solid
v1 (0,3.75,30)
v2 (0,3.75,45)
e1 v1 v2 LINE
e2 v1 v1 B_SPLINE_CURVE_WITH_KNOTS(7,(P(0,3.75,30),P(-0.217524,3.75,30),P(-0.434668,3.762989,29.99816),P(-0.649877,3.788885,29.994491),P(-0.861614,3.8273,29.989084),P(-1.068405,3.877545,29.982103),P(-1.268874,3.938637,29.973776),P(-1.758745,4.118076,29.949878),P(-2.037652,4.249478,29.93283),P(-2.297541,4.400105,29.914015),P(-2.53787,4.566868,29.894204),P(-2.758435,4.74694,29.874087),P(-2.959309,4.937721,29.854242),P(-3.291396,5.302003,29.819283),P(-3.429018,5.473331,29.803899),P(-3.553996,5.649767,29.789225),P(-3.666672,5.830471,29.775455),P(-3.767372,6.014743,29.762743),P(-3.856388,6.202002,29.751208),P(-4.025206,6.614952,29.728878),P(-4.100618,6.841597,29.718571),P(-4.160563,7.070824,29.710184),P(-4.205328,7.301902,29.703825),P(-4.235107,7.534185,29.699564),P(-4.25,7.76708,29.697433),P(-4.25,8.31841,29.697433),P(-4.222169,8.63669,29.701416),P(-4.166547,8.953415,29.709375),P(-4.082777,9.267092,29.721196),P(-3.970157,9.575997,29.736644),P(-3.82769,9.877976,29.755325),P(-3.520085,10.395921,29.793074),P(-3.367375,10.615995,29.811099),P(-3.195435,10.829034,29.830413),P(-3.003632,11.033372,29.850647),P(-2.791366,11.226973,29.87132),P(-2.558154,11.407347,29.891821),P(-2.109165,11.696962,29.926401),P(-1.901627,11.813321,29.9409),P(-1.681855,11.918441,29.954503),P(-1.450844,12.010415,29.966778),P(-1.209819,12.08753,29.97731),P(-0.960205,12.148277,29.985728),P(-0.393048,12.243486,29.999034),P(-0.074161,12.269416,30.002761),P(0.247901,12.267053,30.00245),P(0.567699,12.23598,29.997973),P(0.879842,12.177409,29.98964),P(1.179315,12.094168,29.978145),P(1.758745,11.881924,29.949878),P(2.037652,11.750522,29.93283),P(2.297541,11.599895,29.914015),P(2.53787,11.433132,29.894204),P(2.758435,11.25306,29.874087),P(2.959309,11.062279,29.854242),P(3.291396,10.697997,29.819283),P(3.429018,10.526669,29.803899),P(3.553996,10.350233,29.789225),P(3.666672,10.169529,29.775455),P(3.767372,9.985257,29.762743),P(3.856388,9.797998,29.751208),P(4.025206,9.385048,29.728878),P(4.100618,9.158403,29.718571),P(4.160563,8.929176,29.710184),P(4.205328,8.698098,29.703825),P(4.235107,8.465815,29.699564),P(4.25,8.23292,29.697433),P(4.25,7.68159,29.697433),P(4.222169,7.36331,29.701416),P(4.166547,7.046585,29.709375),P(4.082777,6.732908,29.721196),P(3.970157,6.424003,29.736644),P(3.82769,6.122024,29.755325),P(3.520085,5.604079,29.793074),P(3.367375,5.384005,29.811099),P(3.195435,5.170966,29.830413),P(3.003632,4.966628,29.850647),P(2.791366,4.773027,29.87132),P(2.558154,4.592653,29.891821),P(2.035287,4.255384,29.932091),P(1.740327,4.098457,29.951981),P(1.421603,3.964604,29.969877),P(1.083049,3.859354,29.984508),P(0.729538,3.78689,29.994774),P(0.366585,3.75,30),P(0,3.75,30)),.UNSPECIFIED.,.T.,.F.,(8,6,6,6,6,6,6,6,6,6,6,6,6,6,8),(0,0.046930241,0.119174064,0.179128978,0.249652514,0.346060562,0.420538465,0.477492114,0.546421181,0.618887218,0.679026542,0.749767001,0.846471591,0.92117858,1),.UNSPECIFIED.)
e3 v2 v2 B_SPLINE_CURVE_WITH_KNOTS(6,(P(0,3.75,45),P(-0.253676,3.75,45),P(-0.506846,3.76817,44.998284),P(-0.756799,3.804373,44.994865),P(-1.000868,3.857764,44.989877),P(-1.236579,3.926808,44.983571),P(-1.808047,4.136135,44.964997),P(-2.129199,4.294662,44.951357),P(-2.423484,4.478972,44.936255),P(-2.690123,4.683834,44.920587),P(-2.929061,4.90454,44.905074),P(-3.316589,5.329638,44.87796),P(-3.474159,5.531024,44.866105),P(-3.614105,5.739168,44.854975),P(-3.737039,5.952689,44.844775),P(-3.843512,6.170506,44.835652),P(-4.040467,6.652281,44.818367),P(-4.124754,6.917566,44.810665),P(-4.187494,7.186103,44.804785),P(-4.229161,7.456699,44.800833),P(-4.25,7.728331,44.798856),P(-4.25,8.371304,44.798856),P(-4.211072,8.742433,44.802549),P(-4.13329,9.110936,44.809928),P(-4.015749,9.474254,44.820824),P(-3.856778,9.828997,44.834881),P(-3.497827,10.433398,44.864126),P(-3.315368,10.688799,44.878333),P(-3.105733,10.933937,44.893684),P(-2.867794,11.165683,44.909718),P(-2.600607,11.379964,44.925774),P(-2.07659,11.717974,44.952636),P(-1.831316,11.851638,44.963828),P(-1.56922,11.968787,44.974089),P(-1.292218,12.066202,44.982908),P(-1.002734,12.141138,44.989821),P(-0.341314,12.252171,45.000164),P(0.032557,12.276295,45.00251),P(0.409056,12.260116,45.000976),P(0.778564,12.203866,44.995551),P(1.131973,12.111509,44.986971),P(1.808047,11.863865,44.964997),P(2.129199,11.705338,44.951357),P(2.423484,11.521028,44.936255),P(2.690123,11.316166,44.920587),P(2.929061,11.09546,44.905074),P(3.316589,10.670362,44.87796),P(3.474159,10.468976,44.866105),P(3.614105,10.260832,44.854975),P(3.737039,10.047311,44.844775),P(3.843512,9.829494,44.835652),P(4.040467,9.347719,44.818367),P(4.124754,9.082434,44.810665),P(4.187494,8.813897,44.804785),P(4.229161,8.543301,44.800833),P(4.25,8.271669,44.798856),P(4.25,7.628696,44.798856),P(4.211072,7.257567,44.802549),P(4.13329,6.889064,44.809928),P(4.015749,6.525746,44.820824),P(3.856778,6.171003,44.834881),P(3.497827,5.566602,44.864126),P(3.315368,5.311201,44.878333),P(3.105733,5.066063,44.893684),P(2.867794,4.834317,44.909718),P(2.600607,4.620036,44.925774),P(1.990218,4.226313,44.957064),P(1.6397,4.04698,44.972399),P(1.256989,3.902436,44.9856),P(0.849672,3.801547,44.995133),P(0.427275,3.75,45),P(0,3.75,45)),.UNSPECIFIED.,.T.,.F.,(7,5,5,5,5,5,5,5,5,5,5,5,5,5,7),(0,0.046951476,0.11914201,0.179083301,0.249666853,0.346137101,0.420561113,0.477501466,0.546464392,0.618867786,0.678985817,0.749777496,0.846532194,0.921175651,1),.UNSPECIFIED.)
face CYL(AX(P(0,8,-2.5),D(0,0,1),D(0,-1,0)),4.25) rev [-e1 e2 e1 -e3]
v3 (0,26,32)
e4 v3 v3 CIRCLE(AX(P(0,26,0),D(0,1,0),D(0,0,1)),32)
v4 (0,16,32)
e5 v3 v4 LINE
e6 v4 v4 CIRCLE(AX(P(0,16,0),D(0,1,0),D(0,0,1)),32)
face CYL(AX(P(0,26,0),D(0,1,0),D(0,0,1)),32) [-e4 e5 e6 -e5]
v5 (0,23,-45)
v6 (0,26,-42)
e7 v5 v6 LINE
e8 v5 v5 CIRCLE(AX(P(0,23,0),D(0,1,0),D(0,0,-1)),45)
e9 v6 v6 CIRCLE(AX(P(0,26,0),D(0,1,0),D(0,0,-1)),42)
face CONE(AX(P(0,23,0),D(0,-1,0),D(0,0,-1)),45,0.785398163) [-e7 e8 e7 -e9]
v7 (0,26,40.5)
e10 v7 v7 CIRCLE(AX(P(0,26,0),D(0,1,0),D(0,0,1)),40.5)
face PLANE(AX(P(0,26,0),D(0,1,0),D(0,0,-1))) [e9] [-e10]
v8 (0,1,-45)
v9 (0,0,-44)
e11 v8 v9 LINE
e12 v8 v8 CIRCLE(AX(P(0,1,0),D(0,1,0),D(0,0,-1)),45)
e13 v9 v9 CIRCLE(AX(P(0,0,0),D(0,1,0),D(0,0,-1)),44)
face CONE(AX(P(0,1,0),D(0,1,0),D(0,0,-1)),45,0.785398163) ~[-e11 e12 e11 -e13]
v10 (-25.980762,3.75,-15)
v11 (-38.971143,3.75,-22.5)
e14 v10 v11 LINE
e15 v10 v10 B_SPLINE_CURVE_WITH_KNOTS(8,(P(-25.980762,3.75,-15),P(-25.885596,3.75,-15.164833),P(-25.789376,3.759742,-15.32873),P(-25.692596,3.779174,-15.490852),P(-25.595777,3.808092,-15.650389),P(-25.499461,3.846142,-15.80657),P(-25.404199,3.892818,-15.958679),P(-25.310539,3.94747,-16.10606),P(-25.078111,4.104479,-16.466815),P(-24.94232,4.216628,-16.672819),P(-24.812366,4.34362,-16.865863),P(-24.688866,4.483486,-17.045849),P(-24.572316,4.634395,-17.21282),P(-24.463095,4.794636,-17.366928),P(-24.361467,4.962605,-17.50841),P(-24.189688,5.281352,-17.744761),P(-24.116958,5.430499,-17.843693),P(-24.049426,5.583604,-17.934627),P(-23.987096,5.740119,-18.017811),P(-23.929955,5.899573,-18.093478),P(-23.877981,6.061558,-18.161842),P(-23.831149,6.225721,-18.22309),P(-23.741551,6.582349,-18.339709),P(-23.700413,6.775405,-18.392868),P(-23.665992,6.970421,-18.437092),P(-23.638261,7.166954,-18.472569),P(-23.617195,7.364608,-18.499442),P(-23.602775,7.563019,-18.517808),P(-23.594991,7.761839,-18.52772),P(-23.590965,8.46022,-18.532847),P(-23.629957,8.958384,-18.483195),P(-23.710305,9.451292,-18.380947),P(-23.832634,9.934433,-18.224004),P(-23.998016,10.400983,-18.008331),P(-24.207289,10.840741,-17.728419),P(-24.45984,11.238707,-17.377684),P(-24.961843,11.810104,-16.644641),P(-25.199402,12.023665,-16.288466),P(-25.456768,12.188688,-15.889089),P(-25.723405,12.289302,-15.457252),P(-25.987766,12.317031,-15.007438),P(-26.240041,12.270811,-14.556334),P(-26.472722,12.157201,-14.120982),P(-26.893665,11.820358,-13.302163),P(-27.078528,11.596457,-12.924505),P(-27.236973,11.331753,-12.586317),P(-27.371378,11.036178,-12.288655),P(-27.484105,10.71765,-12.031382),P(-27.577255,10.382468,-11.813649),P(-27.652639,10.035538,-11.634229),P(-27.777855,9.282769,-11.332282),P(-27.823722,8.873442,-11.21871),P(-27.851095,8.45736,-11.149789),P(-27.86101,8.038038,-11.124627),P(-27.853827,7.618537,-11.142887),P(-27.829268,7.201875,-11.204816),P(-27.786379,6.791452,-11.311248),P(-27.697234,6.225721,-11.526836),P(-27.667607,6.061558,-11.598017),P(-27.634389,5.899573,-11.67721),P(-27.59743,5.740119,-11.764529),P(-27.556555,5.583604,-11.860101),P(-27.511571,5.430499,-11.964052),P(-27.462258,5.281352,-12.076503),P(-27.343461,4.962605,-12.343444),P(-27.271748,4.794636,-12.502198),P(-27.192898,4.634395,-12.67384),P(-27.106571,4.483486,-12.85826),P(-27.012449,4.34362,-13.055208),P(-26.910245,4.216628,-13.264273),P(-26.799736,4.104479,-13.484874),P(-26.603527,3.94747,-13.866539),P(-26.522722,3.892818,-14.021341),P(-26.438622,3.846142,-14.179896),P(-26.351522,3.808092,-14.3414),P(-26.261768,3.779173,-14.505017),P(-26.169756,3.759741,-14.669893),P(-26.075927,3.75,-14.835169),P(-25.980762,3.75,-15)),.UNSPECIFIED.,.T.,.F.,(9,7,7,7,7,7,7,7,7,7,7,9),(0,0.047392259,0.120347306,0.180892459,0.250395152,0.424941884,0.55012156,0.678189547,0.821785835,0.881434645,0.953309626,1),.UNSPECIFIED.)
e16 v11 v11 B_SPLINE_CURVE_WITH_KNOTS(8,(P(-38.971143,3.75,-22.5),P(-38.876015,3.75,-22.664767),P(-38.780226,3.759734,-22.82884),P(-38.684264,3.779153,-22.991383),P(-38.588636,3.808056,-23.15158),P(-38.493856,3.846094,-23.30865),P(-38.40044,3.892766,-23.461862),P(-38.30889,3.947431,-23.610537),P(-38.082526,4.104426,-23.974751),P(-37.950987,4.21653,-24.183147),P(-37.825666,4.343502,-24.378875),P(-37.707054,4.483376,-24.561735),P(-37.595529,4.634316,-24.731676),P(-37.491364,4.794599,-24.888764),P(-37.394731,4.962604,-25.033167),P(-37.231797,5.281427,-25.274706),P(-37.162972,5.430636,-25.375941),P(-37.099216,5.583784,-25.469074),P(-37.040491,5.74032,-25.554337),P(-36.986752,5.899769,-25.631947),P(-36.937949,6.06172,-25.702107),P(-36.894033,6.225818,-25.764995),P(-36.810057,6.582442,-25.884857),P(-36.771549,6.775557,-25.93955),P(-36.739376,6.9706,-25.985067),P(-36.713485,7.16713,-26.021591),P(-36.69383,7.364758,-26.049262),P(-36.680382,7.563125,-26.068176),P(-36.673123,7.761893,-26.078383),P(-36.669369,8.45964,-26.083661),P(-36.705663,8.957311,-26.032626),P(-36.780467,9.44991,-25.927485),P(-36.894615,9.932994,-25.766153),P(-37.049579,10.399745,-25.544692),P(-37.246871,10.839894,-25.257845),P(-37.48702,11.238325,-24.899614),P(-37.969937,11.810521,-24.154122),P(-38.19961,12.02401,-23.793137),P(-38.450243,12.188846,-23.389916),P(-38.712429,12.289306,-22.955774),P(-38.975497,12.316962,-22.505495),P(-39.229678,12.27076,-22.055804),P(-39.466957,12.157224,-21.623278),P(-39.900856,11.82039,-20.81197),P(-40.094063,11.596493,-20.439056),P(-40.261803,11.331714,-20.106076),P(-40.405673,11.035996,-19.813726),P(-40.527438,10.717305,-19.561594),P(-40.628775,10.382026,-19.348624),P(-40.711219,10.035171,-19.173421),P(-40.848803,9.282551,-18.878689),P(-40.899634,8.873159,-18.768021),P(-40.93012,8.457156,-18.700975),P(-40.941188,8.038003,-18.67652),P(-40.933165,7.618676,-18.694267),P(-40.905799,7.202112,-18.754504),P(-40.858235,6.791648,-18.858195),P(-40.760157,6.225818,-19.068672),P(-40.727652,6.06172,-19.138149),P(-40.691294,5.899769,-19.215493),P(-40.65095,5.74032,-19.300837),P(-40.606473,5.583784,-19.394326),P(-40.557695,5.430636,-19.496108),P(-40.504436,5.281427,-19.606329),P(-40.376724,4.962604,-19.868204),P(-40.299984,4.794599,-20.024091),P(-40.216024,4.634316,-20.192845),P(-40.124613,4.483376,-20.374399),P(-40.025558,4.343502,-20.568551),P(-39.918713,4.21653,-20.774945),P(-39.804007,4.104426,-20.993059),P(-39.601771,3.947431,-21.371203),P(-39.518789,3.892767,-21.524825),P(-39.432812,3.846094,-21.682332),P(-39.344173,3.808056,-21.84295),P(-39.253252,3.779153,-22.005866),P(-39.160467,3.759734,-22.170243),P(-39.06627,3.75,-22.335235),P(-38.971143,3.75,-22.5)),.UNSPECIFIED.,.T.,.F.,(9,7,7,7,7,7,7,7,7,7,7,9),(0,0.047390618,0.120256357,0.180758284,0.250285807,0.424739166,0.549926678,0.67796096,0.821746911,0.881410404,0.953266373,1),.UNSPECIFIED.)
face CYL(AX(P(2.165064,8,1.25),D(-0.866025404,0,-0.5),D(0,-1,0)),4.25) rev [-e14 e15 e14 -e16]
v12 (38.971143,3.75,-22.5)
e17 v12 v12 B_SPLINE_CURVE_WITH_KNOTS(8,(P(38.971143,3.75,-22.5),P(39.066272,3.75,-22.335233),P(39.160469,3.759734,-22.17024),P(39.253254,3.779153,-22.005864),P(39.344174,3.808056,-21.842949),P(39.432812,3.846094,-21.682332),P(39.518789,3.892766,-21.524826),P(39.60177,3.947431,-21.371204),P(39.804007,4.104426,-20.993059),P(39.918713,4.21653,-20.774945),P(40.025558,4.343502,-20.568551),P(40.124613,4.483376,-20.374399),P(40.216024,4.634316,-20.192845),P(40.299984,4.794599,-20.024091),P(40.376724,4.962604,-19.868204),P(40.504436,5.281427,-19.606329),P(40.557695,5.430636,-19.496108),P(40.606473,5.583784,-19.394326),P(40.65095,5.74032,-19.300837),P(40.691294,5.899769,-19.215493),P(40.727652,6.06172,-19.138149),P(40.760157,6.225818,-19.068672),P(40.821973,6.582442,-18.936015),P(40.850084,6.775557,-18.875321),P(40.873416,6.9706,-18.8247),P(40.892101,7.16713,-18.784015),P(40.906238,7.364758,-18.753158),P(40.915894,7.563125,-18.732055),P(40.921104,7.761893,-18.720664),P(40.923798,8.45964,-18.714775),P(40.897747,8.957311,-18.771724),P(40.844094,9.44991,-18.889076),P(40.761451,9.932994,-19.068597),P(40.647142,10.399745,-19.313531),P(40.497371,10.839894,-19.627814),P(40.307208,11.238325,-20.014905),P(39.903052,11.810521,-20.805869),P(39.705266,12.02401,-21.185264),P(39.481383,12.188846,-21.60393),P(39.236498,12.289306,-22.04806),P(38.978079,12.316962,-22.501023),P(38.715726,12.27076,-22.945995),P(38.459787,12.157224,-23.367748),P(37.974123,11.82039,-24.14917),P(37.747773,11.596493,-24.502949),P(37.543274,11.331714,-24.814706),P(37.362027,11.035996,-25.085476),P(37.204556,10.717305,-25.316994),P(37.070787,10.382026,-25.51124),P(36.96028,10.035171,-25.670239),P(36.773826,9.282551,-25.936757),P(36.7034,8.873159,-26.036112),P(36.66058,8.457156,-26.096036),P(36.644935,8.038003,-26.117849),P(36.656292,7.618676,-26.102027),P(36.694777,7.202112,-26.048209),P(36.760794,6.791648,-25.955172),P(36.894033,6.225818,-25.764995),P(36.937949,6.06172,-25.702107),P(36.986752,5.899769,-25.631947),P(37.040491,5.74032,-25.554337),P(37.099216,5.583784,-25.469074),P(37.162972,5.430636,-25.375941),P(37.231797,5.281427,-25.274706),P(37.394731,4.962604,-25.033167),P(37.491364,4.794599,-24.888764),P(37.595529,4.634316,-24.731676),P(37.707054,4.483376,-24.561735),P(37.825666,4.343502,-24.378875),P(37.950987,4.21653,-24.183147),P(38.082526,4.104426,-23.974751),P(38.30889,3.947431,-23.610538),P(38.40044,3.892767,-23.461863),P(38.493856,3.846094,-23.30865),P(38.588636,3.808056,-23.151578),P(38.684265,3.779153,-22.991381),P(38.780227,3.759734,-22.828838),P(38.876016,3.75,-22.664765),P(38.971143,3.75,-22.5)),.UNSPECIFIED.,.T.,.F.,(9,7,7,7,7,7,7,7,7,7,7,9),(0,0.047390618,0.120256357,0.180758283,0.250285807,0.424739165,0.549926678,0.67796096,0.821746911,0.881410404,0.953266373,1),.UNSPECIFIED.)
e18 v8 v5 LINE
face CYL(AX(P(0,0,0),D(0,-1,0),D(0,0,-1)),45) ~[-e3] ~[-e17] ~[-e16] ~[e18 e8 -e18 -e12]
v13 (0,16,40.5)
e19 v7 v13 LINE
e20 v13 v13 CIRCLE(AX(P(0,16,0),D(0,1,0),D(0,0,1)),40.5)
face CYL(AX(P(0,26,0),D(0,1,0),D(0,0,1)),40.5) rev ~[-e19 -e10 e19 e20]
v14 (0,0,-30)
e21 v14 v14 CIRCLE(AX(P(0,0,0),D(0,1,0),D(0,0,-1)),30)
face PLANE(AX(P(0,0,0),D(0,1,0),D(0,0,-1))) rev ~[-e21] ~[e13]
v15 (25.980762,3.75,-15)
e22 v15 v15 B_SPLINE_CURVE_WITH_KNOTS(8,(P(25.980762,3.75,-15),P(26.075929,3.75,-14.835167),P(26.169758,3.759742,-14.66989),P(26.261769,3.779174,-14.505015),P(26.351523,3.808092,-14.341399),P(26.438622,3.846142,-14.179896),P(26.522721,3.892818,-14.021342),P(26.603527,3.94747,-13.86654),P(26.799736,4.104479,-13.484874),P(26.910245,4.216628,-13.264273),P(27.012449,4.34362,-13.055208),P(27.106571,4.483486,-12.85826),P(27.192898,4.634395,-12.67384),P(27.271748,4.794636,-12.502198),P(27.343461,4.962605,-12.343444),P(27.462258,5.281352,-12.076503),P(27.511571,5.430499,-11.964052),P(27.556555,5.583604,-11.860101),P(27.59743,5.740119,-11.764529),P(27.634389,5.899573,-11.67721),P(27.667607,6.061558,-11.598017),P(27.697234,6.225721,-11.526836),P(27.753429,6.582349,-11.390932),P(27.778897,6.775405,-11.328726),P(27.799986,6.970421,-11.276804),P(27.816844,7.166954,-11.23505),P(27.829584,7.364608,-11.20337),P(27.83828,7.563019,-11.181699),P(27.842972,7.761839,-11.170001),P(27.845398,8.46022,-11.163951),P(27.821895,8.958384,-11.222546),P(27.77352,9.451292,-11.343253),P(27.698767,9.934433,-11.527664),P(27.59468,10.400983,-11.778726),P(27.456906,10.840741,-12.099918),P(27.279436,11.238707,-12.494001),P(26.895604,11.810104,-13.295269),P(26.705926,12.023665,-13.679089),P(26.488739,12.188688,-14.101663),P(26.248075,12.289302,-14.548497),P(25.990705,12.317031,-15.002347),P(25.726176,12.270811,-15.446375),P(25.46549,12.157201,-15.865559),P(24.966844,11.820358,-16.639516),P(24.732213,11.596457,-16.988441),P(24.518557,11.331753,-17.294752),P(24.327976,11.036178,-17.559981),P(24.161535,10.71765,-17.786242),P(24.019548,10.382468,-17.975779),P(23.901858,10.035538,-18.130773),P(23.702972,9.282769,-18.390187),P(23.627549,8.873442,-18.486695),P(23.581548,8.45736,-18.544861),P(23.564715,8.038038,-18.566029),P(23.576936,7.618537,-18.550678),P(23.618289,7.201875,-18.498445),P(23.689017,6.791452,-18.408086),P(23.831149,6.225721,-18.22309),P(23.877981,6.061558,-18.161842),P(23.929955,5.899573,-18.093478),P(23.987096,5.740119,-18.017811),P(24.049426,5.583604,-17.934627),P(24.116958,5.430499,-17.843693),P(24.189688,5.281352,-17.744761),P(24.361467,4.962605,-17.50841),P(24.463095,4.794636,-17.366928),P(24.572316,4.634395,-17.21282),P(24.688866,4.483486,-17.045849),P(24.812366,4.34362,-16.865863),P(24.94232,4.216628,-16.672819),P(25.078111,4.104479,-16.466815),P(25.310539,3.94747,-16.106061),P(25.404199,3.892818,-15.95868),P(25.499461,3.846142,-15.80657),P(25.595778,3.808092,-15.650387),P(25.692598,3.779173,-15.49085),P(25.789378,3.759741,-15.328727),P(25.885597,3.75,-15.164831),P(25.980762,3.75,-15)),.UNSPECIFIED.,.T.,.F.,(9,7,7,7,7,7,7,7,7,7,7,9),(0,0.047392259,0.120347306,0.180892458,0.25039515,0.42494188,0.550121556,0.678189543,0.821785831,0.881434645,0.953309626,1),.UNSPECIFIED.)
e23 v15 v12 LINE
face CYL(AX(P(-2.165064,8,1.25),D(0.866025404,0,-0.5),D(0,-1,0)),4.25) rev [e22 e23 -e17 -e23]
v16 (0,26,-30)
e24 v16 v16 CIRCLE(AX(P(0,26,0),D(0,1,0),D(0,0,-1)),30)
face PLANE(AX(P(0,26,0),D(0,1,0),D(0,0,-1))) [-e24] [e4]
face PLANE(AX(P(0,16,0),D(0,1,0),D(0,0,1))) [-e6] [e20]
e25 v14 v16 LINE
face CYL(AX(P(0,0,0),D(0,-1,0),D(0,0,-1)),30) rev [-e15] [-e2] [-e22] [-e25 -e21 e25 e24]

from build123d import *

# Parameters (mm, degrees)
SCHIZZO1_R                  = 45
SCHIZZO1_R_2                = 30
ESTRUSIONE1_DEPTH           = 26
SCHIZZO2_R                  = 40.5
SCHIZZO2_R_2                = 32
ESTRUSIONE2_DEPTH           = 10
RIPETIZIONECIRCOLARE1_COUNT = 3
SMUSSO1_SIZE                = 3
SMUSSO2_SIZE                = 1


with BuildPart() as part:
    # Schizzo1 → Estrusione1 (new body)
    with BuildSketch(Plane(origin=(0, 0, 0), x_dir=(1, 0, 0), z_dir=(0, 1, 0))):
        with Locations(Location((0, 0, 0), (0, 0, 90))):
            Circle(SCHIZZO1_R)
        with Locations(Location((0, 0, 0), (0, 0, 90))):
            Circle(SCHIZZO1_R_2, mode=Mode.SUBTRACT)
    extrude(amount=ESTRUSIONE1_DEPTH)

    # Schizzo2 → Estrusione2 (cut)
    with BuildSketch(Plane(origin=(0, 26, 0), x_dir=(1, 0, 0), z_dir=(0, 1, 0))):
        with Locations(Location((0, 0, 0), (0, 0, 270))):
            Circle(SCHIZZO2_R)
        with Locations(Location((0, 0, 0), (0, 0, 270))):
            Circle(SCHIZZO2_R_2, mode=Mode.SUBTRACT)
    extrude(amount=-ESTRUSIONE2_DEPTH, mode=Mode.SUBTRACT)

    # Schizzo3 → Foro filettato M10-1 (revolve, cut)
    with BuildSketch(Plane(origin=(0, 8, 45), x_dir=(0, -1, 0), z_dir=(1, 0, 0))):
        Polygon((0, 0), (0, 50.053657631), (4.25, 47.5), (4.25, 0), align=None)
    foro_filettato_m10_1 = revolve(axis=Axis((0, 8, 51.35), (0, 0, -1)), mode=Mode.SUBTRACT)

    # RipetizioneCircolare1: Foro filettato M10-1 ×3 about axis
    ripetizionecircolare1_axis = Axis((0, 26, 0), (0, -1, 0))
    for i in range(1, RIPETIZIONECIRCOLARE1_COUNT):
        add(foro_filettato_m10_1.rotate(ripetizionecircolare1_axis, i * 360 / RIPETIZIONECIRCOLARE1_COUNT), mode=Mode.SUBTRACT)

    # Smusso1
    smusso1_edges = [part.edges().sort_by_distance(p)[0] for p in [
        (0, 26, 45),
    ]]
    chamfer(smusso1_edges, length=SMUSSO1_SIZE)

    # Smusso2
    smusso2_edges = [part.edges().sort_by_distance(p)[0] for p in [
        (0, 0, 45),
    ]]
    chamfer(smusso2_edges, length=SMUSSO2_SIZE)


solid = part.part
